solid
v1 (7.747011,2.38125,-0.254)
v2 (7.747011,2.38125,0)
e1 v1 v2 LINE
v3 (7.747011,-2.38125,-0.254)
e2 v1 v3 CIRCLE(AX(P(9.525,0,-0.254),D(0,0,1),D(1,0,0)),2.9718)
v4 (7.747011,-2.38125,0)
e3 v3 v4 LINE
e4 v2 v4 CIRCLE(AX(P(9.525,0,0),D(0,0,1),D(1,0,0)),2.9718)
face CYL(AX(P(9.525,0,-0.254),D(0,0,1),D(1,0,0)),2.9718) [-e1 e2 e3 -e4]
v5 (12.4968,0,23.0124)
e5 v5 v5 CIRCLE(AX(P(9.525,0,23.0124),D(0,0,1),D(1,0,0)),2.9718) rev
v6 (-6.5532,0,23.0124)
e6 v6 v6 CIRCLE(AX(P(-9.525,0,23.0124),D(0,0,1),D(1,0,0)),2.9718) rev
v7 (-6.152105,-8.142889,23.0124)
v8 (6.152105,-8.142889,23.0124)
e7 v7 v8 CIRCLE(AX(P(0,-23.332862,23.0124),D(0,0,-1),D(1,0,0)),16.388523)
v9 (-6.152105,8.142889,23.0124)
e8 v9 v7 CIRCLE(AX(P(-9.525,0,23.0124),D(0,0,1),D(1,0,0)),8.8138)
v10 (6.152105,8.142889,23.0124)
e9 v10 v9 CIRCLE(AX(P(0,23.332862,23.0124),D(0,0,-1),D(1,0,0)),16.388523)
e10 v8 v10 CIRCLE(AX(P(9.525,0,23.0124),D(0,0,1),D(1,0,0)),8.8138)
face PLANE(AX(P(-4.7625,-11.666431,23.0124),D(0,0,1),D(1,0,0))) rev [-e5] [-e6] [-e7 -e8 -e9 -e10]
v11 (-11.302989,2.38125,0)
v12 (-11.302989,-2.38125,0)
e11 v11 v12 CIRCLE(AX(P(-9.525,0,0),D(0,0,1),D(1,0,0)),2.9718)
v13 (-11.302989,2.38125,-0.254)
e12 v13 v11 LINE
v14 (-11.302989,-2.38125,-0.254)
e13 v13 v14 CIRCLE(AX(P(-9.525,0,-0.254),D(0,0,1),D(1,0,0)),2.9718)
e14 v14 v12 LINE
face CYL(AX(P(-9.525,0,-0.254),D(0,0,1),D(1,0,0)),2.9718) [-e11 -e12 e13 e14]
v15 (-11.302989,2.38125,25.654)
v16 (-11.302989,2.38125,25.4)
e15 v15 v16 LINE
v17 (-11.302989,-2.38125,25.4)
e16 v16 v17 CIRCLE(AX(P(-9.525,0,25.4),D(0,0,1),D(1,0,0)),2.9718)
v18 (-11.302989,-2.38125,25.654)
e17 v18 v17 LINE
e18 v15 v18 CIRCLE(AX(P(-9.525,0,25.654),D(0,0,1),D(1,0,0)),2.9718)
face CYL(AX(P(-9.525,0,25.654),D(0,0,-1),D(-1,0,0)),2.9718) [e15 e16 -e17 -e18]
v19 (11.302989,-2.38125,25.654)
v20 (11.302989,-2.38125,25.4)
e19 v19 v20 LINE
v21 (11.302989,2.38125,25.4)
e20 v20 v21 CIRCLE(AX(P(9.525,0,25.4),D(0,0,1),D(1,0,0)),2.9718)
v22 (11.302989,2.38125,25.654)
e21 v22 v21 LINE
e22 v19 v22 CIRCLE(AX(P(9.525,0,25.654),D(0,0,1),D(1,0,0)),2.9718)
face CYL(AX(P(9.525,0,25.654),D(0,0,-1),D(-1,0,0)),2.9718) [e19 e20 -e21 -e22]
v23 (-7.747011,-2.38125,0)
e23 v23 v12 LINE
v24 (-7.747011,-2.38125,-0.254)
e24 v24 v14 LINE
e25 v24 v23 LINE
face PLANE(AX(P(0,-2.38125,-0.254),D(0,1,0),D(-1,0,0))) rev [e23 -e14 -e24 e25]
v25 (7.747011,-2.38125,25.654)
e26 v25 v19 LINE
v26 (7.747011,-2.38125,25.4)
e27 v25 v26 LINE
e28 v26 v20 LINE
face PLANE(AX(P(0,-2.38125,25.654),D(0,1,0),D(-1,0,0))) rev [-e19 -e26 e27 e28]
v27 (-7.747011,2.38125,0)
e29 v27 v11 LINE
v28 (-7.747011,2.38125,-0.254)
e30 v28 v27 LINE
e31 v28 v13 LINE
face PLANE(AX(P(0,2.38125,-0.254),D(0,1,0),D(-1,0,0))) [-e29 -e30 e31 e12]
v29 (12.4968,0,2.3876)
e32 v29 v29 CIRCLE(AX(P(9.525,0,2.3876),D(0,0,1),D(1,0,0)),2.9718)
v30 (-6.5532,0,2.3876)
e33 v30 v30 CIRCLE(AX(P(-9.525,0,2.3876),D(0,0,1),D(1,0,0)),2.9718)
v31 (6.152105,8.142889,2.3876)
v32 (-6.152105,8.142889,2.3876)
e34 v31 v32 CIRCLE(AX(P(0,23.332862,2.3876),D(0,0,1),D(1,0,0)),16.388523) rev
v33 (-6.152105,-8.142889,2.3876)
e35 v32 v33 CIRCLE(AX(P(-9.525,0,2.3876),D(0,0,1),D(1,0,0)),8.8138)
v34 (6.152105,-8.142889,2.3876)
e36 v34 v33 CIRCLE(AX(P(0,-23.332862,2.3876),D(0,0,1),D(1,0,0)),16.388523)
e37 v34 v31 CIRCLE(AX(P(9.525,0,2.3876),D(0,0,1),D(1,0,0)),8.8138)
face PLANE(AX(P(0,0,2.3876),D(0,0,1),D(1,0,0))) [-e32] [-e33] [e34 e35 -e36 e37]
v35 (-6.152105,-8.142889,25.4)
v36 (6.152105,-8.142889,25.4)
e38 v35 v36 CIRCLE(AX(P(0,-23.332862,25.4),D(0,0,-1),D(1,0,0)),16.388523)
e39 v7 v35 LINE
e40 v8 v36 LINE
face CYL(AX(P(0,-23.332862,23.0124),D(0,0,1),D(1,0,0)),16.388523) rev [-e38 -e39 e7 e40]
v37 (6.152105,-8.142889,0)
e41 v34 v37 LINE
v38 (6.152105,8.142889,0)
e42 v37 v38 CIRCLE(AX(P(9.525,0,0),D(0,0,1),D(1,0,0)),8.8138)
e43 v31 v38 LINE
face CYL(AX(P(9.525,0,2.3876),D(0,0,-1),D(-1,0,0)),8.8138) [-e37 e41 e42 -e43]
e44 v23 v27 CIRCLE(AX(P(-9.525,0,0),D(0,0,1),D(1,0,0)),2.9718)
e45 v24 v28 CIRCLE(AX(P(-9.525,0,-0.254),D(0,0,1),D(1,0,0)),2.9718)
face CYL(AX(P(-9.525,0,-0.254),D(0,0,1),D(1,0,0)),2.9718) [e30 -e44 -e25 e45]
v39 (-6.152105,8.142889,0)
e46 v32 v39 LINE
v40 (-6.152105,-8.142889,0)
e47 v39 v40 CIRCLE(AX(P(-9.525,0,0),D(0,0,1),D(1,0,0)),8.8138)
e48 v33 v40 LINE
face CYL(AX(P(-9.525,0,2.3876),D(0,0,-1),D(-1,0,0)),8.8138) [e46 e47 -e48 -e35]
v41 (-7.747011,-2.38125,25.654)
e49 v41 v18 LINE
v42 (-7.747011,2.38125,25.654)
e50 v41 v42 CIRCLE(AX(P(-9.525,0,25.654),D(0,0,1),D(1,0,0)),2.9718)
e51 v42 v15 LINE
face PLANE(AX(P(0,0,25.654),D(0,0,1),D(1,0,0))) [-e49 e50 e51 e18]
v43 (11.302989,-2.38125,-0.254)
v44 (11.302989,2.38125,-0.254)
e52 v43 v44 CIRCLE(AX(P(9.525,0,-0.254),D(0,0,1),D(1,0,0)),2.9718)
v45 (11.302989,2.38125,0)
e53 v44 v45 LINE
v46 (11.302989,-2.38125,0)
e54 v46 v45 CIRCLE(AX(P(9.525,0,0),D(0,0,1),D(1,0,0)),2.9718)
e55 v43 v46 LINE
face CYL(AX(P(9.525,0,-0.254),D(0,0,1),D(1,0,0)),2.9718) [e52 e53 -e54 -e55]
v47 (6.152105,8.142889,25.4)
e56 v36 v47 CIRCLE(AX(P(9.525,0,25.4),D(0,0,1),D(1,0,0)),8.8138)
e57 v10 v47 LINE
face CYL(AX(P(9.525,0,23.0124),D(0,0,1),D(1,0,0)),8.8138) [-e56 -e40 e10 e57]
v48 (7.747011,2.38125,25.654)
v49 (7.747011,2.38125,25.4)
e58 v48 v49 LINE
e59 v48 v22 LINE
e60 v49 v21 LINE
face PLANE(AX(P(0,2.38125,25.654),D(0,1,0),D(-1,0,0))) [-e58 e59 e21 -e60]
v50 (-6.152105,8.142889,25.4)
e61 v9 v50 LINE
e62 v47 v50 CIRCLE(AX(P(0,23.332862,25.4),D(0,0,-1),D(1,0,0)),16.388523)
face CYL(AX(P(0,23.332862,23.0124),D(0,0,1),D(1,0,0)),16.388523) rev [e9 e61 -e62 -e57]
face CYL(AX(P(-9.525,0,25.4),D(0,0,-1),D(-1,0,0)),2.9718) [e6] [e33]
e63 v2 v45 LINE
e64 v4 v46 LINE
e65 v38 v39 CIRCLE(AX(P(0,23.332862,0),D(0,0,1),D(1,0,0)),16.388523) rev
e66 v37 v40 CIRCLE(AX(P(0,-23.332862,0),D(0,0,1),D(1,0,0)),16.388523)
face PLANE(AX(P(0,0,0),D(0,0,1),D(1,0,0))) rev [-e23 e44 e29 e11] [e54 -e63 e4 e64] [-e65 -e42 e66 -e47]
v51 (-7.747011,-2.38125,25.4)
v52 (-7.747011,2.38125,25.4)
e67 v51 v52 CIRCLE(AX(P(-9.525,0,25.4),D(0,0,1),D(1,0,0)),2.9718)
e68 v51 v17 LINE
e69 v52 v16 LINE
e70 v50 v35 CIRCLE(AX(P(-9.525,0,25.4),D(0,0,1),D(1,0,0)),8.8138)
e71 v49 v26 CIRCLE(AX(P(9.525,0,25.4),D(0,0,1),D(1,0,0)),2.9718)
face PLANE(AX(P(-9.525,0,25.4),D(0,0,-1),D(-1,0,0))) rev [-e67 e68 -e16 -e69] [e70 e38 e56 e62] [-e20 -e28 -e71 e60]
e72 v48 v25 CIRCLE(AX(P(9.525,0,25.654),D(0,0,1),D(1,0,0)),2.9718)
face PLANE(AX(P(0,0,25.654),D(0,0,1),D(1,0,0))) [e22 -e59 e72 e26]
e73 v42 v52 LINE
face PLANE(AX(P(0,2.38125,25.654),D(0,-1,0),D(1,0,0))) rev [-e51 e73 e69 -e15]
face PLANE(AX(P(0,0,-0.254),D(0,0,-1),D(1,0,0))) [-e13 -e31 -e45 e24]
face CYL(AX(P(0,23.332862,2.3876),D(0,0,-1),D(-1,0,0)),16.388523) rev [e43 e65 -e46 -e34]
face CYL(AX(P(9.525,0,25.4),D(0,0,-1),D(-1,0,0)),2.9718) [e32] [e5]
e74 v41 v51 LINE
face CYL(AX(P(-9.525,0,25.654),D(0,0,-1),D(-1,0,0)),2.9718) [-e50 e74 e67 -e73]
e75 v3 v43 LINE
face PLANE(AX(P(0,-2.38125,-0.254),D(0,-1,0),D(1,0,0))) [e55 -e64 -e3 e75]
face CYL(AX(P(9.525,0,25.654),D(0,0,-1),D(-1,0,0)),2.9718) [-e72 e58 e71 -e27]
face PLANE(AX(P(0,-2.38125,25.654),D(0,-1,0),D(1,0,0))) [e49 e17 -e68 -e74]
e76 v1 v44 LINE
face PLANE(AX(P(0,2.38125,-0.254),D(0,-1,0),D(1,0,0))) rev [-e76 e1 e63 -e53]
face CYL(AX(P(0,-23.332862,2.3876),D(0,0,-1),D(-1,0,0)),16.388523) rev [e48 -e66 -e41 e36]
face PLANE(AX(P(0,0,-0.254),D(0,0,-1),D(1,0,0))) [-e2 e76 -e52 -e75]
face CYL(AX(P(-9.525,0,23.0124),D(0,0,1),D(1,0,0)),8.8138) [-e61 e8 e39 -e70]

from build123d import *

# Parameters (mm, degrees)
SKETCH1_R           = 2.9718
BOSS_EXTRUDE1_DEPTH = 2.3876
SKETCH2_R           = 2.9718
BOSS_EXTRUDE2_DEPTH = 25.4
BOSS_EXTRUDE3_START = -2.3876
BOSS_EXTRUDE3_DEPTH = 2.3876
BOSS_EXTRUDE4_DEPTH = 0.254


with BuildPart() as part:
    # Sketch1 → Boss-Extrude1 (new body)
    # profile 1 of 12: a face of its own
    with BuildSketch(Plane.XY):
        with BuildLine():
            Line((-5.1181, 4.4069), (-9.525, 8.8138))
            ThreePointArc((-9.525, 8.8138), (-18.169445304, -1.71948708), (-6.152104764, -8.142889424))
            ThreePointArc((-6.152104764, -8.142889424), (-2.196593131, -4.89668492), (-0.7112, 0))
            Line((-0.7112, 0), (-5.1181, 4.4069))
        make_face()
        with Locations((-9.525, 0)):
            Circle(SKETCH1_R, mode=Mode.SUBTRACT)
    # profile 2 of 12: a face of its own
    with BuildSketch(Plane.XY):
        with BuildLine():
            ThreePointArc((-6.152104764, 8.142889424), (-7.80551292, 8.644445304), (-9.525, 8.8138))
            Line((-9.525, 8.8138), (-5.1181, 4.4069))
            Line((-5.1181, 4.4069), (-3.292702252, 6.232297748))
            ThreePointArc((-3.292702252, 6.232297748), (-4.62831508, 7.328406869), (-6.152104764, 8.142889424))
        make_face()
    # profile 3 of 12: a face of its own
    with BuildSketch(Plane.XY):
        with BuildLine():
            Line((-3.292702252, 6.232297748), (-5.1181, 4.4069))
            Line((-5.1181, 4.4069), (-0.7112, 0))
            ThreePointArc((-0.7112, 0), (-1.382110576, 3.372895236), (-3.292702252, 6.232297748))
        make_face()
    # profile 4 of 12: a face of its own
    with BuildSketch(Plane.XY):
        with BuildLine():
            ThreePointArc((-3.292702252, 6.232297748), (-1.382110576, 3.372895236), (-0.7112, 0))
            Line((-0.7112, 0), (0.7112, 0))
            ThreePointArc((0.7112, 0), (1.382110576, 3.372895236), (3.292702252, 6.232297748))
            Line((3.292702252, 6.232297748), (0, 6.232297748))
            Line((0, 6.232297748), (-3.292702252, 6.232297748))
        make_face()
    # profile 5 of 12: a face of its own
    with BuildSketch(Plane.XY):
        with BuildLine():
            ThreePointArc((-0.7112, 0), (-2.196593131, -4.89668492), (-6.152104764, -8.142889424))
            ThreePointArc((-6.152104764, -8.142889424), (0, -6.944339829), (6.152104764, -8.142889424))
            ThreePointArc((6.152104764, -8.142889424), (2.196593131, -4.89668492), (0.7112, 0))
            Line((0.7112, 0), (-0.7112, 0))
        make_face()
    # profile 6 of 12: a face of its own
    with BuildSketch(Plane.XY):
        with BuildLine():
            ThreePointArc((18.3388, 0), (15.757297748, 6.232297748), (9.525, 8.8138))
            Line((9.525, 8.8138), (5.1181, 4.4069))
            Line((5.1181, 4.4069), (0.7112, 0))
            ThreePointArc((0.7112, 0), (2.196593131, -4.89668492), (6.152104764, -8.142889424))
            ThreePointArc((6.152104764, -8.142889424), (14.42168492, -7.328406869), (18.3388, 0))
        make_face()
        with Locations((9.525, 0)):
            Circle(SKETCH1_R, mode=Mode.SUBTRACT)
    # profile 7 of 12: a face of its own
    with BuildSketch(Plane.XY):
        with BuildLine():
            Line((5.1181, 4.4069), (9.525, 8.8138))
            ThreePointArc((9.525, 8.8138), (7.80551292, 8.644445304), (6.152104764, 8.142889424))
            ThreePointArc((6.152104764, 8.142889424), (4.62831508, 7.328406869), (3.292702252, 6.232297748))
            Line((3.292702252, 6.232297748), (5.1181, 4.4069))
        make_face()
    # profile 8 of 12: a face of its own
    with BuildSketch(Plane.XY):
        with BuildLine():
            Line((0.7112, 0), (5.1181, 4.4069))
            Line((5.1181, 4.4069), (3.292702252, 6.232297748))
            ThreePointArc((3.292702252, 6.232297748), (1.382110576, 3.372895236), (0.7112, 0))
        make_face()
    # profile 9 of 12: a face of its own
    with BuildSketch(Plane.XY):
        with BuildLine():
            Line((5.1181, 4.4069), (9.525, 8.8138))
            ThreePointArc((9.525, 8.8138), (7.80551292, 8.644445304), (6.152104764, 8.142889424))
            ThreePointArc((6.152104764, 8.142889424), (4.62831508, 7.328406869), (3.292702252, 6.232297748))
            Line((3.292702252, 6.232297748), (5.1181, 4.4069))
        make_face()
    # profile 10 of 12: a face of its own
    with BuildSketch(Plane.XY):
        with BuildLine():
            ThreePointArc((6.152104764, 8.142889424), (3.133883938, 7.246767675), (0, 6.944339829))
            Line((0, 6.944339829), (0, 6.232297748))
            Line((0, 6.232297748), (3.292702252, 6.232297748))
            ThreePointArc((3.292702252, 6.232297748), (4.62831508, 7.328406869), (6.152104764, 8.142889424))
        make_face()
    # profile 11 of 12: a face of its own
    with BuildSketch(Plane.XY):
        with BuildLine():
            ThreePointArc((0, 6.944339829), (-3.133883938, 7.246767675), (-6.152104764, 8.142889424))
            ThreePointArc((-6.152104764, 8.142889424), (-4.62831508, 7.328406869), (-3.292702252, 6.232297748))
            Line((-3.292702252, 6.232297748), (0, 6.232297748))
            Line((0, 6.232297748), (0, 6.944339829))
        make_face()
    # profile 12 of 12: a face of its own
    with BuildSketch(Plane.XY):
        with BuildLine():
            ThreePointArc((-6.152104764, 8.142889424), (-7.80551292, 8.644445304), (-9.525, 8.8138))
            Line((-9.525, 8.8138), (-5.1181, 4.4069))
            Line((-5.1181, 4.4069), (-3.292702252, 6.232297748))
            ThreePointArc((-3.292702252, 6.232297748), (-4.62831508, 7.328406869), (-6.152104764, 8.142889424))
        make_face()
    extrude(amount=BOSS_EXTRUDE1_DEPTH)

    # Sketch2 → Boss-Extrude2 (add)
    with BuildSketch(Plane(origin=(0, 0, 0), x_dir=(-1, 0, 0), z_dir=(0, 0, -1))):
        with Locations((9.525, 0)):
            Circle(SKETCH2_R)
        with Locations((-9.525, 0)):
            Circle(SKETCH2_R)
    extrude(amount=-BOSS_EXTRUDE2_DEPTH)

    # Sketch3 → Boss-Extrude3 (add)
    with BuildSketch(Plane.XY.offset(25.4).offset(BOSS_EXTRUDE3_START)):
        with BuildLine():
            ThreePointArc((6.152104764, -8.142889424), (18.3388, 0), (6.152104764, 8.142889424))
            ThreePointArc((6.152104764, 8.142889424), (0, 6.944339829), (-6.152104764, 8.142889424))
            ThreePointArc((-6.152104764, 8.142889424), (-18.3388, 0), (-6.152104764, -8.142889424))
            ThreePointArc((-6.152104764, -8.142889424), (0, -6.944339829), (6.152104764, -8.142889424))
        make_face()
    extrude(amount=BOSS_EXTRUDE3_DEPTH)

    # Sketch4 → Boss-Extrude4 (add)
    with BuildSketch(Plane.XY.offset(25.4)):
        with BuildLine():
            Line((-11.302988661, -2.38125), (-7.747011339, -2.38125))
            ThreePointArc((-7.747011339, -2.38125), (-6.868364728, -1.331872467), (-6.5532, 0))
            ThreePointArc((-6.5532, 0), (-6.868364728, 1.331872467), (-7.747011339, 2.38125))
            Line((-7.747011339, 2.38125), (-11.302988661, 2.38125))
            ThreePointArc((-11.302988661, 2.38125), (-12.4968, 0), (-11.302988661, -2.38125))
        make_face()
        with BuildLine():
            ThreePointArc((7.747011339, 2.38125), (6.5532, 0), (7.747011339, -2.38125))
            Line((7.747011339, -2.38125), (11.302988661, -2.38125))
            ThreePointArc((11.302988661, -2.38125), (12.181635272, -1.331872467), (12.4968, 0))
            ThreePointArc((12.4968, 0), (12.181635272, 1.331872467), (11.302988661, 2.38125))
            Line((11.302988661, 2.38125), (7.747011339, 2.38125))
        make_face()
    boss_extrude4 = extrude(amount=BOSS_EXTRUDE4_DEPTH)

    # Mirror1: Boss-Extrude4 across plane
    add(boss_extrude4.mirror(Plane.XY.offset(12.7)))


solid = part.part
